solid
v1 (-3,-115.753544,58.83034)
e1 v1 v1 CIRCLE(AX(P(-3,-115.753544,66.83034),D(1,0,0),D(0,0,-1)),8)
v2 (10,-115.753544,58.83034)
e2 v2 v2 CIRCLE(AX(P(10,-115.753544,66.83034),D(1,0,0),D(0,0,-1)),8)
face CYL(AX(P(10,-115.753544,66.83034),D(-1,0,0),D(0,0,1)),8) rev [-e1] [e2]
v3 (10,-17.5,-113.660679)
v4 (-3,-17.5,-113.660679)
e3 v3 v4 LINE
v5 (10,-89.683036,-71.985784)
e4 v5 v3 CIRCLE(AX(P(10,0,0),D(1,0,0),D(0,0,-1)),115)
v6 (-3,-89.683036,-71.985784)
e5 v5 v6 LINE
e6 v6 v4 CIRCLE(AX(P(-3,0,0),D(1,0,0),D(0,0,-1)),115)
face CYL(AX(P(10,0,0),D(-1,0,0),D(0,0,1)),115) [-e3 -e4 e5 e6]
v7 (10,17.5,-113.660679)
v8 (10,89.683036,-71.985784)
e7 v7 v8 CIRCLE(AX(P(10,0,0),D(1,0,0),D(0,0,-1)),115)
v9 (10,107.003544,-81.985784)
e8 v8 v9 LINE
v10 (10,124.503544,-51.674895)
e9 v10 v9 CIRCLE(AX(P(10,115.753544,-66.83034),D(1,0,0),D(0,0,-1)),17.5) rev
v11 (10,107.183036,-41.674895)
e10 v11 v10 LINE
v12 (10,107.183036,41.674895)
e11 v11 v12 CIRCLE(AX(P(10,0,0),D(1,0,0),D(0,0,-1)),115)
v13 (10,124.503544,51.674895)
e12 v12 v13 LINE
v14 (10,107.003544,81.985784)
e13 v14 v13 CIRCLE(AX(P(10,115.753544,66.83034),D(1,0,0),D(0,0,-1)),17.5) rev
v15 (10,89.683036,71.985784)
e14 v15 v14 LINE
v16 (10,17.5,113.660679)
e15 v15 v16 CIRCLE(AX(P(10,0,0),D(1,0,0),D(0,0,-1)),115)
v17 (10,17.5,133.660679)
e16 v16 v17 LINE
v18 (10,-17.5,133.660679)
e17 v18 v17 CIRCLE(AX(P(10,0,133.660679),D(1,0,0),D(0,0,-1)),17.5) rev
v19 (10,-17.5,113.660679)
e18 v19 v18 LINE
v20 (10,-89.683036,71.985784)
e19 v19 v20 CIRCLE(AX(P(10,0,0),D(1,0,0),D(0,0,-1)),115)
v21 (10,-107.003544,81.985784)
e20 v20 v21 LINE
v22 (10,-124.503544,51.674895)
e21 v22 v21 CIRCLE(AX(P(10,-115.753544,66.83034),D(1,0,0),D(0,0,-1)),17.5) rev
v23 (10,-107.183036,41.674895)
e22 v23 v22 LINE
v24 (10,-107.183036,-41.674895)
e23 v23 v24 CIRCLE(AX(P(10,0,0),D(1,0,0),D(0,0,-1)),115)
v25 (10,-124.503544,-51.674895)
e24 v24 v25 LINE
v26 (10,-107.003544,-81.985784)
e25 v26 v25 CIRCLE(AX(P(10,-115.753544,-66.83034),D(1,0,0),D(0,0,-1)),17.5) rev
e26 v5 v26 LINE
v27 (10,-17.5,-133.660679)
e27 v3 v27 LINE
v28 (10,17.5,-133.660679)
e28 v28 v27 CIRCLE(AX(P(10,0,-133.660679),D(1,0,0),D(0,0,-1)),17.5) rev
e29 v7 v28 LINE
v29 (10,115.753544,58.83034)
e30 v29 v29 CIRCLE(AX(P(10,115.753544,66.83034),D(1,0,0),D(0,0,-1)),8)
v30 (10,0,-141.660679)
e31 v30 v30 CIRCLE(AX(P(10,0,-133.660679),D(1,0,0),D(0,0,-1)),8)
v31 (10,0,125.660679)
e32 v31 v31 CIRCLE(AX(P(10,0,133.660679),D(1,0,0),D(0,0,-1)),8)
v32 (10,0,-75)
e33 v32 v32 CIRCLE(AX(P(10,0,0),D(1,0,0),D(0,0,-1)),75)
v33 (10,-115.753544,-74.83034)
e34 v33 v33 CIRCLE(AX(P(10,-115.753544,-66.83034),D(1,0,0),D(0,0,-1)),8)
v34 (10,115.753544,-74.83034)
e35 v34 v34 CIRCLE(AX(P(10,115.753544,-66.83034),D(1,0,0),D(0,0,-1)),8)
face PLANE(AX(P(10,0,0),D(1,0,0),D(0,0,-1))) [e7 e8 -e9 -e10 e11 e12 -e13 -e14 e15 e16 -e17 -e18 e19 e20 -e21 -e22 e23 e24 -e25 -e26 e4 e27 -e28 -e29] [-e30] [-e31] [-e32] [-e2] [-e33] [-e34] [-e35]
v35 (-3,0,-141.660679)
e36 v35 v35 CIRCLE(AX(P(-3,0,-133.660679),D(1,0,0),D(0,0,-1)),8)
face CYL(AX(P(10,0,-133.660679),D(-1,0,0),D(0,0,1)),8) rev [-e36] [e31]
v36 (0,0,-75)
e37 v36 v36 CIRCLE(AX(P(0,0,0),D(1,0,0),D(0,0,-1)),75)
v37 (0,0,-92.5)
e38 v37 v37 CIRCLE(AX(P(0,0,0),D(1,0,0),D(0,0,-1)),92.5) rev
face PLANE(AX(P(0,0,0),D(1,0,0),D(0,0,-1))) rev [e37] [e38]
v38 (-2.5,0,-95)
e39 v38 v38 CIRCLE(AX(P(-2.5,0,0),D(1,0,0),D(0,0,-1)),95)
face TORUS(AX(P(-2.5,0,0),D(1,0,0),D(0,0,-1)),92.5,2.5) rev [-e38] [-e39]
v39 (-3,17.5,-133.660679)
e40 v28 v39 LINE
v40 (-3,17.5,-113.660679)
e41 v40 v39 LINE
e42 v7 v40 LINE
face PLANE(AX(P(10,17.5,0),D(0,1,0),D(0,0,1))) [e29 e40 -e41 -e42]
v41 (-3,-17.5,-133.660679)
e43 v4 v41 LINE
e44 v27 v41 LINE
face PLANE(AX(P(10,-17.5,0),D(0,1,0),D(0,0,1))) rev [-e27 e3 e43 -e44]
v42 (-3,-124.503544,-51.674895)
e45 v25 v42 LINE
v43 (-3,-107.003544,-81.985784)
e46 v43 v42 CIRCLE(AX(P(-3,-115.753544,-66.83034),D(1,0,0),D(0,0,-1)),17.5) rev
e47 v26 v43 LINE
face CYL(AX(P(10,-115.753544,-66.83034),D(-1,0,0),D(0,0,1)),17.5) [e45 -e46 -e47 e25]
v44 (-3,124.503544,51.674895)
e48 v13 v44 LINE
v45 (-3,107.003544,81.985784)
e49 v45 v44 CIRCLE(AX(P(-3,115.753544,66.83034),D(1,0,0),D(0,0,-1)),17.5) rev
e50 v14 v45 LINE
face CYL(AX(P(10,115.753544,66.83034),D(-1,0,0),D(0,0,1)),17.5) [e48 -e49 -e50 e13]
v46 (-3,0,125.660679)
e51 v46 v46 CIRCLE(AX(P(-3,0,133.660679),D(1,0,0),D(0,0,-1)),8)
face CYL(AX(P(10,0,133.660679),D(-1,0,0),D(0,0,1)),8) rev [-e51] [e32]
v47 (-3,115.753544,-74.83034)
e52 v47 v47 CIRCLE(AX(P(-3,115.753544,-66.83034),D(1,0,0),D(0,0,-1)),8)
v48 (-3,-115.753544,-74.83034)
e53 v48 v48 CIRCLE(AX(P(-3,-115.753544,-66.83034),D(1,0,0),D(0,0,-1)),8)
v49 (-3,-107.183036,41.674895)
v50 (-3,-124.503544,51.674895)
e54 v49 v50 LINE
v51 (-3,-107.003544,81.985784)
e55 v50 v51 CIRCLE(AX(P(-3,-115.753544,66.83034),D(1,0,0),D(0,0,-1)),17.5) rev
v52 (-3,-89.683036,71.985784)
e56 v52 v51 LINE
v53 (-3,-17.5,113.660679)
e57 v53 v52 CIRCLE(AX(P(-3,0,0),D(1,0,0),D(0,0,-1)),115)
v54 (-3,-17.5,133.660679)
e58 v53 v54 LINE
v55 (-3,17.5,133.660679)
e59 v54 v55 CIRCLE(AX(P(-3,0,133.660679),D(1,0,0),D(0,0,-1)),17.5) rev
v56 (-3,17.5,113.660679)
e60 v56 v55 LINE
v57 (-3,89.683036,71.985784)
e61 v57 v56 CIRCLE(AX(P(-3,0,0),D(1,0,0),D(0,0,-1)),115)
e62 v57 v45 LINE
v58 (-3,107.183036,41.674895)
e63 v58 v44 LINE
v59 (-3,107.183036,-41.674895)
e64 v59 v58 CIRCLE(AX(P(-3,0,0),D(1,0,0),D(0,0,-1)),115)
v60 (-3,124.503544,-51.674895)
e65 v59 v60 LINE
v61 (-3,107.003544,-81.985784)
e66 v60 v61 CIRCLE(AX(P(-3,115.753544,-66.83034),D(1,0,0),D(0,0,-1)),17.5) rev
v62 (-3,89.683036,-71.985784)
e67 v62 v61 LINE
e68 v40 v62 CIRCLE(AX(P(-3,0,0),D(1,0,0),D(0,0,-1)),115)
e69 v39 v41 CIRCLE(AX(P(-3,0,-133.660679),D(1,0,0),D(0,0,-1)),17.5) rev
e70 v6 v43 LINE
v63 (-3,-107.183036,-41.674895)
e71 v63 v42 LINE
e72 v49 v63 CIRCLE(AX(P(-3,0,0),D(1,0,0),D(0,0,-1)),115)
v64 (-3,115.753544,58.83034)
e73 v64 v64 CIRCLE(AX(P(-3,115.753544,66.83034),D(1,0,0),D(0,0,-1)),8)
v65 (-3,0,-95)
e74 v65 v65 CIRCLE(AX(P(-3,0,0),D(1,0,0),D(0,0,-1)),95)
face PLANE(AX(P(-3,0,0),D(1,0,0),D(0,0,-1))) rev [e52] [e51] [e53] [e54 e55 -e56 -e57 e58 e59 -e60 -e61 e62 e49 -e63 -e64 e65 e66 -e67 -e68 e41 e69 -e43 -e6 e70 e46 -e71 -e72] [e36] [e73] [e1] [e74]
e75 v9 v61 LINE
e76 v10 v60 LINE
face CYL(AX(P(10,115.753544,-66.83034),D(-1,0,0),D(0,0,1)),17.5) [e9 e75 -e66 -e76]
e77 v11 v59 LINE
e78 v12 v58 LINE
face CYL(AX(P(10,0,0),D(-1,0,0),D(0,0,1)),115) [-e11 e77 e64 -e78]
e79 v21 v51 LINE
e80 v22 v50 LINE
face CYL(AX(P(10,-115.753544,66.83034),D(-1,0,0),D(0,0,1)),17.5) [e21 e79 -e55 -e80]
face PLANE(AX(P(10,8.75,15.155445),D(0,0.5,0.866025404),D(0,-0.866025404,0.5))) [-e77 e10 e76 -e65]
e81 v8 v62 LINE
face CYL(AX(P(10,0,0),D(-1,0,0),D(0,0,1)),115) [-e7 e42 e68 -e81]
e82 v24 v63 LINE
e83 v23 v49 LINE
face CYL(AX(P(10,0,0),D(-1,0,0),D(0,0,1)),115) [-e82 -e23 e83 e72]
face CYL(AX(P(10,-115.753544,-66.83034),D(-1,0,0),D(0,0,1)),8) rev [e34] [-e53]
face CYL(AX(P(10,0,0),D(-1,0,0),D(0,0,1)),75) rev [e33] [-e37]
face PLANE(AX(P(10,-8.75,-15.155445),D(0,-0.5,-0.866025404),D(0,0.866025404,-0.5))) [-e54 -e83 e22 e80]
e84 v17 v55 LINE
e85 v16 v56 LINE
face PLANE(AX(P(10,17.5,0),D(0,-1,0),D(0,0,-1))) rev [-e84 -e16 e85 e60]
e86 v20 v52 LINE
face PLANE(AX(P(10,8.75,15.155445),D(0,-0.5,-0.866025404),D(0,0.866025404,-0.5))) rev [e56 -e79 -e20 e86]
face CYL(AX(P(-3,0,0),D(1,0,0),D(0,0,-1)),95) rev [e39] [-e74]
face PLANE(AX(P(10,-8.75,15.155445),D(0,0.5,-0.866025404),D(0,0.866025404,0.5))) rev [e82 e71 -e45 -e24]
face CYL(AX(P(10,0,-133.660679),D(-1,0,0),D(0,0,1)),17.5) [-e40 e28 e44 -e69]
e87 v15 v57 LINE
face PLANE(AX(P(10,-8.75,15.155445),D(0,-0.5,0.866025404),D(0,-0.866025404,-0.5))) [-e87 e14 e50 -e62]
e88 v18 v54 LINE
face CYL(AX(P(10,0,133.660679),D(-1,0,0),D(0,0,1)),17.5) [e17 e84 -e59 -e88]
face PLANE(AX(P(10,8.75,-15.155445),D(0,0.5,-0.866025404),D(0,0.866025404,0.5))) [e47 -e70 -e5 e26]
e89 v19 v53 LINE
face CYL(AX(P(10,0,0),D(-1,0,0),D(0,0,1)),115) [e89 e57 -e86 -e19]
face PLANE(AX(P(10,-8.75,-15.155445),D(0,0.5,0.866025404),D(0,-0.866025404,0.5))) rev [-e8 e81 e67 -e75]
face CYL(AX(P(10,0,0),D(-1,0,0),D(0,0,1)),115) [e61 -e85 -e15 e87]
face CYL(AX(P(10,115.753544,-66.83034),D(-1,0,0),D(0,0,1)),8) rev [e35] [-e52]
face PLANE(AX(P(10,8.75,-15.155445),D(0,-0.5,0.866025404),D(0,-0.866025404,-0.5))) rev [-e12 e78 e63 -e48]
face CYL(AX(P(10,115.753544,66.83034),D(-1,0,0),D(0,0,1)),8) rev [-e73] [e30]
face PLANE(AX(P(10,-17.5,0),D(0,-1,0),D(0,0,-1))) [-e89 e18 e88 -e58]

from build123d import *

# Parameters (mm, degrees)
SKETCH2_R           = 8
SKETCH2_R_2         = 75
BOSS_EXTRUDE1_DEPTH = 10
BOSS_EXTRUDE2_START = -3
SKETCH2_5_R         = 8
SKETCH2_5_R_2       = 95
BOSS_EXTRUDE2_DEPTH = 3
FILLET1_R           = 2.5


with BuildPart() as part:
    # Sketch2 → Boss-Extrude1 (new body)
    with BuildSketch(Plane(origin=(0, 0, 0), x_dir=(0, 0, -1), z_dir=(1, 0, 0))):
        with BuildLine():
            Line((133.660679217, 17.5), (113.660679217, 17.5))
            ThreePointArc((113.660679217, 17.5), (99.592921435, 57.5), (71.985784175, 89.683035613))
            Line((71.985784175, 89.683035613), (81.985784175, 107.003543689))
            ThreePointArc((81.985784175, 107.003543689), (75.580339608, 130.908988255), (51.674895042, 124.503543689))
            Line((51.674895042, 124.503543689), (41.674895042, 107.183035613))
            ThreePointArc((41.674895042, 107.183035613), (0, 115), (-41.674895042, 107.183035613))
            Line((-41.674895042, 107.183035613), (-51.674895042, 124.503543689))
            ThreePointArc((-51.674895042, 124.503543689), (-75.580339608, 130.908988255), (-81.985784175, 107.003543689))
            Line((-81.985784175, 107.003543689), (-71.985784175, 89.683035613))
            ThreePointArc((-71.985784175, 89.683035613), (-99.592921435, 57.5), (-113.660679217, 17.5))
            Line((-113.660679217, 17.5), (-133.660679217, 17.5))
            ThreePointArc((-133.660679217, 17.5), (-151.160679217, 0), (-133.660679217, -17.5))
            Line((-133.660679217, -17.5), (-113.660679217, -17.5))
            ThreePointArc((-113.660679217, -17.5), (-99.592921435, -57.5), (-71.985784175, -89.683035613))
            Line((-71.985784175, -89.683035613), (-81.985784175, -107.003543689))
            ThreePointArc((-81.985784175, -107.003543689), (-75.580339608, -130.908988255), (-51.674895042, -124.503543689))
            Line((-51.674895042, -124.503543689), (-41.674895042, -107.183035613))
            ThreePointArc((-41.674895042, -107.183035613), (0, -115), (41.674895042, -107.183035613))
            Line((41.674895042, -107.183035613), (51.674895042, -124.503543689))
            ThreePointArc((51.674895042, -124.503543689), (75.580339608, -130.908988255), (81.985784175, -107.003543689))
            Line((81.985784175, -107.003543689), (71.985784175, -89.683035613))
            ThreePointArc((71.985784175, -89.683035613), (99.592921435, -57.5), (113.660679217, -17.5))
            Line((113.660679217, -17.5), (133.660679217, -17.5))
            ThreePointArc((133.660679217, -17.5), (151.160679217, 0), (133.660679217, 17.5))
        make_face()
        with Locations((133.660679217, 0)):
            Circle(SKETCH2_R, mode=Mode.SUBTRACT)
        Circle(SKETCH2_R_2, mode=Mode.SUBTRACT)
        with Locations((66.830339608, -115.753543689)):
            Circle(SKETCH2_R, mode=Mode.SUBTRACT)
        with Locations((-66.830339608, -115.753543689)):
            Circle(SKETCH2_R, mode=Mode.SUBTRACT)
        with Locations((-133.660679217, 0)):
            Circle(SKETCH2_R, mode=Mode.SUBTRACT)
        with Locations((-66.830339608, 115.753543689)):
            Circle(SKETCH2_R, mode=Mode.SUBTRACT)
        with Locations((66.830339608, 115.753543689)):
            Circle(SKETCH2_R, mode=Mode.SUBTRACT)
    extrude(amount=BOSS_EXTRUDE1_DEPTH)

    # Sketch2<5> → Boss-Extrude2 (add)
    with BuildSketch(Plane(origin=(0, 0, 0), x_dir=(0, 0, -1), z_dir=(1, 0, 0)).offset(BOSS_EXTRUDE2_START)):
        with BuildLine():
            Line((133.660679217, 17.5), (113.660679217, 17.5))
            ThreePointArc((113.660679217, 17.5), (99.592921435, 57.5), (71.985784175, 89.683035613))
            Line((71.985784175, 89.683035613), (81.985784175, 107.003543689))
            ThreePointArc((81.985784175, 107.003543689), (75.580339608, 130.908988255), (51.674895042, 124.503543689))
            Line((51.674895042, 124.503543689), (41.674895042, 107.183035613))
            ThreePointArc((41.674895042, 107.183035613), (0, 115), (-41.674895042, 107.183035613))
            Line((-41.674895042, 107.183035613), (-51.674895042, 124.503543689))
            ThreePointArc((-51.674895042, 124.503543689), (-75.580339608, 130.908988255), (-81.985784175, 107.003543689))
            Line((-81.985784175, 107.003543689), (-71.985784175, 89.683035613))
            ThreePointArc((-71.985784175, 89.683035613), (-99.592921435, 57.5), (-113.660679217, 17.5))
            Line((-113.660679217, 17.5), (-133.660679217, 17.5))
            ThreePointArc((-133.660679217, 17.5), (-151.160679217, 0), (-133.660679217, -17.5))
            Line((-133.660679217, -17.5), (-113.660679217, -17.5))
            ThreePointArc((-113.660679217, -17.5), (-99.592921435, -57.5), (-71.985784175, -89.683035613))
            Line((-71.985784175, -89.683035613), (-81.985784175, -107.003543689))
            ThreePointArc((-81.985784175, -107.003543689), (-75.580339608, -130.908988255), (-51.674895042, -124.503543689))
            Line((-51.674895042, -124.503543689), (-41.674895042, -107.183035613))
            ThreePointArc((-41.674895042, -107.183035613), (0, -115), (41.674895042, -107.183035613))
            Line((41.674895042, -107.183035613), (51.674895042, -124.503543689))
            ThreePointArc((51.674895042, -124.503543689), (75.580339608, -130.908988255), (81.985784175, -107.003543689))
            Line((81.985784175, -107.003543689), (71.985784175, -89.683035613))
            ThreePointArc((71.985784175, -89.683035613), (99.592921435, -57.5), (113.660679217, -17.5))
            Line((113.660679217, -17.5), (133.660679217, -17.5))
            ThreePointArc((133.660679217, -17.5), (151.160679217, 0), (133.660679217, 17.5))
        make_face()
        with Locations((133.660679217, 0)):
            Circle(SKETCH2_5_R, mode=Mode.SUBTRACT)
        Circle(SKETCH2_5_R_2, mode=Mode.SUBTRACT)
        with Locations((66.830339608, -115.753543689)):
            Circle(SKETCH2_5_R, mode=Mode.SUBTRACT)
        with Locations((-66.830339608, -115.753543689)):
            Circle(SKETCH2_5_R, mode=Mode.SUBTRACT)
        with Locations((-133.660679217, 0)):
            Circle(SKETCH2_5_R, mode=Mode.SUBTRACT)
        with Locations((-66.830339608, 115.753543689)):
            Circle(SKETCH2_5_R, mode=Mode.SUBTRACT)
        with Locations((66.830339608, 115.753543689)):
            Circle(SKETCH2_5_R, mode=Mode.SUBTRACT)
    extrude(amount=BOSS_EXTRUDE2_DEPTH)

    # Fillet1
    fillet1_edges = [part.edges().sort_by_distance(p)[0] for p in [
        (0, 0, 95),
    ]]
    fillet(fillet1_edges, radius=FILLET1_R)


solid = part.part
